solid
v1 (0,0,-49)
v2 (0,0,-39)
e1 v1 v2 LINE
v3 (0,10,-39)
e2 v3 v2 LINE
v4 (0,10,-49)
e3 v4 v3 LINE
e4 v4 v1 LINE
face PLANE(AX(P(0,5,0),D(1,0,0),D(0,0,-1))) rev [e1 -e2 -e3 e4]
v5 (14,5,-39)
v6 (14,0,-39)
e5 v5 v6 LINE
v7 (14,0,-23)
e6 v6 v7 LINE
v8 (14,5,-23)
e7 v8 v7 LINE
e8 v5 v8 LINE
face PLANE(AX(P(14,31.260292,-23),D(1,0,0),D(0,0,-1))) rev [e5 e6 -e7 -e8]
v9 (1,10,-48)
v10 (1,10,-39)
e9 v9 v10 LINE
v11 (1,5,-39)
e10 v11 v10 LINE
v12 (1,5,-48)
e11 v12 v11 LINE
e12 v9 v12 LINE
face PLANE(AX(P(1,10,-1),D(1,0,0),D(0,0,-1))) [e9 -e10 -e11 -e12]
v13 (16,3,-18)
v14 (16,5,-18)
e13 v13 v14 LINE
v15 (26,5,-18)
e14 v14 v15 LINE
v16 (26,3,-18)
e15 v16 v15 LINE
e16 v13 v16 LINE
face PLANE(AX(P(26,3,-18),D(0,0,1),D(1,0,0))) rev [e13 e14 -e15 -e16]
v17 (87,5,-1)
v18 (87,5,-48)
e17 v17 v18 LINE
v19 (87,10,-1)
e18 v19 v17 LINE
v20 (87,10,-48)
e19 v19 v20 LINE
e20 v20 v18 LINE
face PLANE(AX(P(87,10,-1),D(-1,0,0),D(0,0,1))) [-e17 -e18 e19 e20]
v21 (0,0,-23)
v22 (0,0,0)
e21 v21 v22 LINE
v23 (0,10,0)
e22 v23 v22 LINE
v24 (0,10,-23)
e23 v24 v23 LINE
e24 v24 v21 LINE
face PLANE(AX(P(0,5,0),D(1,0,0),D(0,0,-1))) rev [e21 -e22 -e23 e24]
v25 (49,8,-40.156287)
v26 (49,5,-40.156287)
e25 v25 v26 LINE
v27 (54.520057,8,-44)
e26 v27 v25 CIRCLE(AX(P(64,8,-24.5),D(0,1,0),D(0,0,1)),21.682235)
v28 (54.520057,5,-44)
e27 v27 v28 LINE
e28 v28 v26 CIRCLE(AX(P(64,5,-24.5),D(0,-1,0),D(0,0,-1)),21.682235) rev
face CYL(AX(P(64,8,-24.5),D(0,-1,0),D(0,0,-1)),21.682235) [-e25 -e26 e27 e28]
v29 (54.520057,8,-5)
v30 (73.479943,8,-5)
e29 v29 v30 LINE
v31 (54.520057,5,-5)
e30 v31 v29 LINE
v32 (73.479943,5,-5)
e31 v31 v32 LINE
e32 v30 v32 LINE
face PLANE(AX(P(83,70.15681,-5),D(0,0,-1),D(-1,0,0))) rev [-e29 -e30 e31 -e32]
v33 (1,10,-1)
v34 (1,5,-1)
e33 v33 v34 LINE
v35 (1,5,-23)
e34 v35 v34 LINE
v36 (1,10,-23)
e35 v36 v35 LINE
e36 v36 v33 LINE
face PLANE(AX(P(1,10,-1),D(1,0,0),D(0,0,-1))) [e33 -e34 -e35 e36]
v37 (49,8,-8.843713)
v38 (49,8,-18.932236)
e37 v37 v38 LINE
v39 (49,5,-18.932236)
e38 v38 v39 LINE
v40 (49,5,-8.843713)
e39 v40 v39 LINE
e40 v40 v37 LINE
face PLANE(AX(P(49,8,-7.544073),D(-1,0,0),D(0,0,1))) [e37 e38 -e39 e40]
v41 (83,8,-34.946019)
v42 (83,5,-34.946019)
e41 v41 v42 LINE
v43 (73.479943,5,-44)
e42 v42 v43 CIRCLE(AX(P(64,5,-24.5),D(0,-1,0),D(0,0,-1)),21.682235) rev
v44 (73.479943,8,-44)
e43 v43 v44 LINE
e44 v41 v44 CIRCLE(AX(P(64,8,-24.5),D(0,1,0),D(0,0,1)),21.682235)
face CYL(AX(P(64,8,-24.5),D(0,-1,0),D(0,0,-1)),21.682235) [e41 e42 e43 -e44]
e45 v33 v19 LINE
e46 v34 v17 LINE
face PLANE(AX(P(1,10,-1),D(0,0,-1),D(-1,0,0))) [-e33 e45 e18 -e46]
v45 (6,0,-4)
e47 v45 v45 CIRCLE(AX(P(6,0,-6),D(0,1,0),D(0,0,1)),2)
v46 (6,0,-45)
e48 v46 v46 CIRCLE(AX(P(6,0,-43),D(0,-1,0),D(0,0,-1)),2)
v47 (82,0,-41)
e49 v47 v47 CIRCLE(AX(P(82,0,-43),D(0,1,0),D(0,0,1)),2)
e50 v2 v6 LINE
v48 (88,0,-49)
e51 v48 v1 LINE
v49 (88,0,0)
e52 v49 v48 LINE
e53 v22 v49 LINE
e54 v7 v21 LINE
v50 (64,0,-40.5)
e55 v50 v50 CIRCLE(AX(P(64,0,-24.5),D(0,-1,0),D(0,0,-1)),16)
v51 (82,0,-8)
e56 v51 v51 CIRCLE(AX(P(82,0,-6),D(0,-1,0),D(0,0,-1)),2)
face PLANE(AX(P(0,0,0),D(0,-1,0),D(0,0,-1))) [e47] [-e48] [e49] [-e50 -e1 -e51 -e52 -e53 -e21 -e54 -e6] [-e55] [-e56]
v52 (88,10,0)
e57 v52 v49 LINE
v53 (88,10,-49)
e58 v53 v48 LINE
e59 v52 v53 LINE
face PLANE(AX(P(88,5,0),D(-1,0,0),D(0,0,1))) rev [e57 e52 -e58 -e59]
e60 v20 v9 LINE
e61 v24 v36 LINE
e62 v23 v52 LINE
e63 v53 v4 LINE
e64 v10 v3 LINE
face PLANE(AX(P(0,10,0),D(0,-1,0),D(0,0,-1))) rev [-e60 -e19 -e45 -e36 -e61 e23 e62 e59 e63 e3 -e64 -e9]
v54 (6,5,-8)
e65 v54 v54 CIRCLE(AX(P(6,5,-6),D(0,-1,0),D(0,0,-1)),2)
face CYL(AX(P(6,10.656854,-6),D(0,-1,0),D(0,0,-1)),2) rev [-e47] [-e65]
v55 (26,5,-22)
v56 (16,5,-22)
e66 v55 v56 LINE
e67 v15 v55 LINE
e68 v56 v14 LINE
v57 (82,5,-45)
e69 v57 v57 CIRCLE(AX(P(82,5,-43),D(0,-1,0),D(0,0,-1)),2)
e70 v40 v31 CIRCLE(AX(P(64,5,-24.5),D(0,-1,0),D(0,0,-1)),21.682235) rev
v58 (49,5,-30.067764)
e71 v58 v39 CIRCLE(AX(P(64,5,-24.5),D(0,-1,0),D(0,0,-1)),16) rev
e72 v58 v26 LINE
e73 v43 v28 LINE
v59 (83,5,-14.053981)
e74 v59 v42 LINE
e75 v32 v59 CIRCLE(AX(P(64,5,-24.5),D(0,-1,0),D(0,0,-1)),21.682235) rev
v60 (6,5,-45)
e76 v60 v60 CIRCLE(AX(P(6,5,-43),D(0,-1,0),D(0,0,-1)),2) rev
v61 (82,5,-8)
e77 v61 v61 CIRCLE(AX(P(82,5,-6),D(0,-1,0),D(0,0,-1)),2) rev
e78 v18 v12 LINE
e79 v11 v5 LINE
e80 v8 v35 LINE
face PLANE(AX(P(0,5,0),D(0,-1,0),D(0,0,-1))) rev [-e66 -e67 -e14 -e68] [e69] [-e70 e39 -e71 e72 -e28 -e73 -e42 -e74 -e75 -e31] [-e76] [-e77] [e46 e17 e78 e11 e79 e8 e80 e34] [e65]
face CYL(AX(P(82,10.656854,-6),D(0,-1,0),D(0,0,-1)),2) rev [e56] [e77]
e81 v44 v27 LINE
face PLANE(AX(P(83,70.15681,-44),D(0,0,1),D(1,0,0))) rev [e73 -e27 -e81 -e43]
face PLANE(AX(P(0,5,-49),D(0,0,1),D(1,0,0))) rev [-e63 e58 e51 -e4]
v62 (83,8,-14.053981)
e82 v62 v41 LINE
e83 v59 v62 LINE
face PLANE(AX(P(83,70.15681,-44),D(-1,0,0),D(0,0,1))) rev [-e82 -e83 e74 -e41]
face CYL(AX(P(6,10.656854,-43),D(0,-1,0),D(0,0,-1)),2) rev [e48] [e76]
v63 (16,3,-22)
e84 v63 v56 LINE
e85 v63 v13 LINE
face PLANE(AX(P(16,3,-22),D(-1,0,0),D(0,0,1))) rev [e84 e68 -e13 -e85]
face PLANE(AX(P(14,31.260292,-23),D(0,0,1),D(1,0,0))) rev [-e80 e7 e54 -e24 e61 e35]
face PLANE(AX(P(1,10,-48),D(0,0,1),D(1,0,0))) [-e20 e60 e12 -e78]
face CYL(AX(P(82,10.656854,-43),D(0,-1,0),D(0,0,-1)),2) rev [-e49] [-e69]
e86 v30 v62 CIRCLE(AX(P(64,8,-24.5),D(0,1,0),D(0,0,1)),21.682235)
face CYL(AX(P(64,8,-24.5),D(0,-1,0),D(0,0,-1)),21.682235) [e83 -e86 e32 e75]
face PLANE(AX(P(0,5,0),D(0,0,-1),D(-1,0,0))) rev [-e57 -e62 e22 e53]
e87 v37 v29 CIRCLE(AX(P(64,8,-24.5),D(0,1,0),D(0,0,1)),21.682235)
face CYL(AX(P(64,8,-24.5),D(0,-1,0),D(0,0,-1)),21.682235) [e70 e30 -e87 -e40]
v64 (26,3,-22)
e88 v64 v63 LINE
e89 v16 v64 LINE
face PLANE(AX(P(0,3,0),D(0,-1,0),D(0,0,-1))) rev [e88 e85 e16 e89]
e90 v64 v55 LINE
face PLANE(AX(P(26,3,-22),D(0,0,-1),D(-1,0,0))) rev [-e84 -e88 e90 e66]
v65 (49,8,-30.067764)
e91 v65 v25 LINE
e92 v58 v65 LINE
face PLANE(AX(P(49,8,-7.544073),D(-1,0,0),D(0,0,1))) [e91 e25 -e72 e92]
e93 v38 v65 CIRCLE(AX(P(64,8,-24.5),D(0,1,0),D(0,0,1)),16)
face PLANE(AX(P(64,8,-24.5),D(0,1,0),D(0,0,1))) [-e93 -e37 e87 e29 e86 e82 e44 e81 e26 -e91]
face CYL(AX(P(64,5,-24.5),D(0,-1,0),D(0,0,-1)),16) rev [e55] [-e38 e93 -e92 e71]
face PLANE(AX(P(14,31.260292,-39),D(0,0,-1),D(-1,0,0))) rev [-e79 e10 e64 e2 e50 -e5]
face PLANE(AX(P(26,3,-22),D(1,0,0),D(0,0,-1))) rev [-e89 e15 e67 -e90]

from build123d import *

# Parameters (mm, degrees)
SKETCH1_W           = 88
SKETCH1_H           = 49
BOSS_EXTRUDE1_DEPTH = 5
SKETCH2_W           = 88
SKETCH2_H           = 49
SKETCH2_W_2         = 86
SKETCH2_H_2         = 47
BOSS_EXTRUDE2_DEPTH = 5
SKETCH3_R           = 16
CUT_EXTRUDE1_DEPTH  = 5
CUT_EXTRUDE2_START  = -10
SKETCH4_W           = 14
SKETCH4_H           = 16
CUT_EXTRUDE2_DEPTH  = 10
SKETCH5_W           = 10
SKETCH5_H           = 4
CUT_EXTRUDE3_DEPTH  = 2
SKETCH6_R           = 21.682235108
SKETCH6_R_2         = 16
BOSS_EXTRUDE3_DEPTH = 3
SKETCH7_W           = 10
SKETCH7_H           = 35.531306717
CUT_EXTRUDE4_DEPTH  = 3
SKETCH8_R           = 2
CUT_EXTRUDE5_DEPTH  = 5
SKETCH9_W           = 40.675164953
SKETCH9_H           = 47
SKETCH9_W_2         = 34.982420928
SKETCH9_H_2         = 39
CUT_EXTRUDE6_DEPTH  = 3


with BuildPart() as part:
    # Sketch1 → Boss-Extrude1 (new body)
    with BuildSketch(Plane(origin=(0, 0, 0), x_dir=(1, 0, 0), z_dir=(0, 1, 0))):
        with Locations((44, 24.5)):
            Rectangle(SKETCH1_W, SKETCH1_H)
    extrude(amount=BOSS_EXTRUDE1_DEPTH)

    # Sketch2 → Boss-Extrude2 (add)
    with BuildSketch(Plane(origin=(0, 5, 0), x_dir=(1, 0, 0), z_dir=(0, 1, 0))):
        with Locations((44, 24.5)):
            Rectangle(SKETCH2_W, SKETCH2_H)
        with Locations((44, 24.5)):
            Rectangle(SKETCH2_W_2, SKETCH2_H_2, mode=Mode.SUBTRACT)
    extrude(amount=BOSS_EXTRUDE2_DEPTH)

    # Sketch3 → Cut-Extrude1 (cut)
    with BuildSketch(Plane(origin=(0, 0, 0), x_dir=(-1, 0, 0), z_dir=(0, -1, 0))):
        with Locations(Location((-64, 24.5, 0), (0, 0, 90))):
            Circle(SKETCH3_R)
    extrude(amount=-CUT_EXTRUDE1_DEPTH, mode=Mode.SUBTRACT)

    # Sketch4 → Cut-Extrude2 (cut)
    with BuildSketch(Plane.XZ.offset(CUT_EXTRUDE2_START)):
        with Locations((7, -31)):
            Rectangle(SKETCH4_W, SKETCH4_H)
    extrude(amount=CUT_EXTRUDE2_DEPTH, mode=Mode.SUBTRACT)

    # Sketch5 → Cut-Extrude3 (cut)
    with BuildSketch(Plane(origin=(0, 5, 0), x_dir=(1, 0, 0), z_dir=(0, 1, 0))):
        with Locations((21, 20)):
            Rectangle(SKETCH5_W, SKETCH5_H)
    extrude(amount=-CUT_EXTRUDE3_DEPTH, mode=Mode.SUBTRACT)

    # Sketch6 → Boss-Extrude3 (add)
    with BuildSketch(Plane(origin=(0, 5, 0), x_dir=(1, 0, 0), z_dir=(0, 1, 0))):
        with Locations(Location((64, 24.5, 0), (0, 0, 90))):
            Circle(SKETCH6_R)
        with Locations(Location((64, 24.5, 0), (0, 0, 90))):
            Circle(SKETCH6_R_2, mode=Mode.SUBTRACT)
    extrude(amount=BOSS_EXTRUDE3_DEPTH)

    # Sketch7 → Cut-Extrude4 (cut)
    with BuildSketch(Plane(origin=(0, 5, 0), x_dir=(1, 0, 0), z_dir=(0, 1, 0))):
        with Locations((44, 25.309726248)):
            Rectangle(SKETCH7_W, SKETCH7_H)
    extrude(amount=CUT_EXTRUDE4_DEPTH, mode=Mode.SUBTRACT)

    # Sketch8 → Cut-Extrude5 (cut)
    with BuildSketch(Plane(origin=(0, 0, 0), x_dir=(-1, 0, 0), z_dir=(0, -1, 0))):
        with Locations(Location((-82, 6, 0), (0, 0, 90))):
            Circle(SKETCH8_R)
        with Locations(Location((-6, 6, 0), (0, 0, 90))):
            Circle(SKETCH8_R)
        with Locations(Location((-6, 43, 0), (0, 0, 90))):
            Circle(SKETCH8_R)
        with Locations(Location((-82, 43, 0), (0, 0, 90))):
            Circle(SKETCH8_R)
    extrude(amount=-CUT_EXTRUDE5_DEPTH, mode=Mode.SUBTRACT)

    # Sketch9 → Cut-Extrude6 (cut)
    with BuildSketch(Plane(origin=(0, 5, 0), x_dir=(1, 0, 0), z_dir=(0, 1, 0))):
        with Locations((66.662417523, 24.5)):
            Rectangle(SKETCH9_W, SKETCH9_H)
        with Locations((65.508789536, 24.5)):
            Rectangle(SKETCH9_W_2, SKETCH9_H_2, mode=Mode.SUBTRACT)
    extrude(amount=CUT_EXTRUDE6_DEPTH, mode=Mode.SUBTRACT)


solid = part.part
